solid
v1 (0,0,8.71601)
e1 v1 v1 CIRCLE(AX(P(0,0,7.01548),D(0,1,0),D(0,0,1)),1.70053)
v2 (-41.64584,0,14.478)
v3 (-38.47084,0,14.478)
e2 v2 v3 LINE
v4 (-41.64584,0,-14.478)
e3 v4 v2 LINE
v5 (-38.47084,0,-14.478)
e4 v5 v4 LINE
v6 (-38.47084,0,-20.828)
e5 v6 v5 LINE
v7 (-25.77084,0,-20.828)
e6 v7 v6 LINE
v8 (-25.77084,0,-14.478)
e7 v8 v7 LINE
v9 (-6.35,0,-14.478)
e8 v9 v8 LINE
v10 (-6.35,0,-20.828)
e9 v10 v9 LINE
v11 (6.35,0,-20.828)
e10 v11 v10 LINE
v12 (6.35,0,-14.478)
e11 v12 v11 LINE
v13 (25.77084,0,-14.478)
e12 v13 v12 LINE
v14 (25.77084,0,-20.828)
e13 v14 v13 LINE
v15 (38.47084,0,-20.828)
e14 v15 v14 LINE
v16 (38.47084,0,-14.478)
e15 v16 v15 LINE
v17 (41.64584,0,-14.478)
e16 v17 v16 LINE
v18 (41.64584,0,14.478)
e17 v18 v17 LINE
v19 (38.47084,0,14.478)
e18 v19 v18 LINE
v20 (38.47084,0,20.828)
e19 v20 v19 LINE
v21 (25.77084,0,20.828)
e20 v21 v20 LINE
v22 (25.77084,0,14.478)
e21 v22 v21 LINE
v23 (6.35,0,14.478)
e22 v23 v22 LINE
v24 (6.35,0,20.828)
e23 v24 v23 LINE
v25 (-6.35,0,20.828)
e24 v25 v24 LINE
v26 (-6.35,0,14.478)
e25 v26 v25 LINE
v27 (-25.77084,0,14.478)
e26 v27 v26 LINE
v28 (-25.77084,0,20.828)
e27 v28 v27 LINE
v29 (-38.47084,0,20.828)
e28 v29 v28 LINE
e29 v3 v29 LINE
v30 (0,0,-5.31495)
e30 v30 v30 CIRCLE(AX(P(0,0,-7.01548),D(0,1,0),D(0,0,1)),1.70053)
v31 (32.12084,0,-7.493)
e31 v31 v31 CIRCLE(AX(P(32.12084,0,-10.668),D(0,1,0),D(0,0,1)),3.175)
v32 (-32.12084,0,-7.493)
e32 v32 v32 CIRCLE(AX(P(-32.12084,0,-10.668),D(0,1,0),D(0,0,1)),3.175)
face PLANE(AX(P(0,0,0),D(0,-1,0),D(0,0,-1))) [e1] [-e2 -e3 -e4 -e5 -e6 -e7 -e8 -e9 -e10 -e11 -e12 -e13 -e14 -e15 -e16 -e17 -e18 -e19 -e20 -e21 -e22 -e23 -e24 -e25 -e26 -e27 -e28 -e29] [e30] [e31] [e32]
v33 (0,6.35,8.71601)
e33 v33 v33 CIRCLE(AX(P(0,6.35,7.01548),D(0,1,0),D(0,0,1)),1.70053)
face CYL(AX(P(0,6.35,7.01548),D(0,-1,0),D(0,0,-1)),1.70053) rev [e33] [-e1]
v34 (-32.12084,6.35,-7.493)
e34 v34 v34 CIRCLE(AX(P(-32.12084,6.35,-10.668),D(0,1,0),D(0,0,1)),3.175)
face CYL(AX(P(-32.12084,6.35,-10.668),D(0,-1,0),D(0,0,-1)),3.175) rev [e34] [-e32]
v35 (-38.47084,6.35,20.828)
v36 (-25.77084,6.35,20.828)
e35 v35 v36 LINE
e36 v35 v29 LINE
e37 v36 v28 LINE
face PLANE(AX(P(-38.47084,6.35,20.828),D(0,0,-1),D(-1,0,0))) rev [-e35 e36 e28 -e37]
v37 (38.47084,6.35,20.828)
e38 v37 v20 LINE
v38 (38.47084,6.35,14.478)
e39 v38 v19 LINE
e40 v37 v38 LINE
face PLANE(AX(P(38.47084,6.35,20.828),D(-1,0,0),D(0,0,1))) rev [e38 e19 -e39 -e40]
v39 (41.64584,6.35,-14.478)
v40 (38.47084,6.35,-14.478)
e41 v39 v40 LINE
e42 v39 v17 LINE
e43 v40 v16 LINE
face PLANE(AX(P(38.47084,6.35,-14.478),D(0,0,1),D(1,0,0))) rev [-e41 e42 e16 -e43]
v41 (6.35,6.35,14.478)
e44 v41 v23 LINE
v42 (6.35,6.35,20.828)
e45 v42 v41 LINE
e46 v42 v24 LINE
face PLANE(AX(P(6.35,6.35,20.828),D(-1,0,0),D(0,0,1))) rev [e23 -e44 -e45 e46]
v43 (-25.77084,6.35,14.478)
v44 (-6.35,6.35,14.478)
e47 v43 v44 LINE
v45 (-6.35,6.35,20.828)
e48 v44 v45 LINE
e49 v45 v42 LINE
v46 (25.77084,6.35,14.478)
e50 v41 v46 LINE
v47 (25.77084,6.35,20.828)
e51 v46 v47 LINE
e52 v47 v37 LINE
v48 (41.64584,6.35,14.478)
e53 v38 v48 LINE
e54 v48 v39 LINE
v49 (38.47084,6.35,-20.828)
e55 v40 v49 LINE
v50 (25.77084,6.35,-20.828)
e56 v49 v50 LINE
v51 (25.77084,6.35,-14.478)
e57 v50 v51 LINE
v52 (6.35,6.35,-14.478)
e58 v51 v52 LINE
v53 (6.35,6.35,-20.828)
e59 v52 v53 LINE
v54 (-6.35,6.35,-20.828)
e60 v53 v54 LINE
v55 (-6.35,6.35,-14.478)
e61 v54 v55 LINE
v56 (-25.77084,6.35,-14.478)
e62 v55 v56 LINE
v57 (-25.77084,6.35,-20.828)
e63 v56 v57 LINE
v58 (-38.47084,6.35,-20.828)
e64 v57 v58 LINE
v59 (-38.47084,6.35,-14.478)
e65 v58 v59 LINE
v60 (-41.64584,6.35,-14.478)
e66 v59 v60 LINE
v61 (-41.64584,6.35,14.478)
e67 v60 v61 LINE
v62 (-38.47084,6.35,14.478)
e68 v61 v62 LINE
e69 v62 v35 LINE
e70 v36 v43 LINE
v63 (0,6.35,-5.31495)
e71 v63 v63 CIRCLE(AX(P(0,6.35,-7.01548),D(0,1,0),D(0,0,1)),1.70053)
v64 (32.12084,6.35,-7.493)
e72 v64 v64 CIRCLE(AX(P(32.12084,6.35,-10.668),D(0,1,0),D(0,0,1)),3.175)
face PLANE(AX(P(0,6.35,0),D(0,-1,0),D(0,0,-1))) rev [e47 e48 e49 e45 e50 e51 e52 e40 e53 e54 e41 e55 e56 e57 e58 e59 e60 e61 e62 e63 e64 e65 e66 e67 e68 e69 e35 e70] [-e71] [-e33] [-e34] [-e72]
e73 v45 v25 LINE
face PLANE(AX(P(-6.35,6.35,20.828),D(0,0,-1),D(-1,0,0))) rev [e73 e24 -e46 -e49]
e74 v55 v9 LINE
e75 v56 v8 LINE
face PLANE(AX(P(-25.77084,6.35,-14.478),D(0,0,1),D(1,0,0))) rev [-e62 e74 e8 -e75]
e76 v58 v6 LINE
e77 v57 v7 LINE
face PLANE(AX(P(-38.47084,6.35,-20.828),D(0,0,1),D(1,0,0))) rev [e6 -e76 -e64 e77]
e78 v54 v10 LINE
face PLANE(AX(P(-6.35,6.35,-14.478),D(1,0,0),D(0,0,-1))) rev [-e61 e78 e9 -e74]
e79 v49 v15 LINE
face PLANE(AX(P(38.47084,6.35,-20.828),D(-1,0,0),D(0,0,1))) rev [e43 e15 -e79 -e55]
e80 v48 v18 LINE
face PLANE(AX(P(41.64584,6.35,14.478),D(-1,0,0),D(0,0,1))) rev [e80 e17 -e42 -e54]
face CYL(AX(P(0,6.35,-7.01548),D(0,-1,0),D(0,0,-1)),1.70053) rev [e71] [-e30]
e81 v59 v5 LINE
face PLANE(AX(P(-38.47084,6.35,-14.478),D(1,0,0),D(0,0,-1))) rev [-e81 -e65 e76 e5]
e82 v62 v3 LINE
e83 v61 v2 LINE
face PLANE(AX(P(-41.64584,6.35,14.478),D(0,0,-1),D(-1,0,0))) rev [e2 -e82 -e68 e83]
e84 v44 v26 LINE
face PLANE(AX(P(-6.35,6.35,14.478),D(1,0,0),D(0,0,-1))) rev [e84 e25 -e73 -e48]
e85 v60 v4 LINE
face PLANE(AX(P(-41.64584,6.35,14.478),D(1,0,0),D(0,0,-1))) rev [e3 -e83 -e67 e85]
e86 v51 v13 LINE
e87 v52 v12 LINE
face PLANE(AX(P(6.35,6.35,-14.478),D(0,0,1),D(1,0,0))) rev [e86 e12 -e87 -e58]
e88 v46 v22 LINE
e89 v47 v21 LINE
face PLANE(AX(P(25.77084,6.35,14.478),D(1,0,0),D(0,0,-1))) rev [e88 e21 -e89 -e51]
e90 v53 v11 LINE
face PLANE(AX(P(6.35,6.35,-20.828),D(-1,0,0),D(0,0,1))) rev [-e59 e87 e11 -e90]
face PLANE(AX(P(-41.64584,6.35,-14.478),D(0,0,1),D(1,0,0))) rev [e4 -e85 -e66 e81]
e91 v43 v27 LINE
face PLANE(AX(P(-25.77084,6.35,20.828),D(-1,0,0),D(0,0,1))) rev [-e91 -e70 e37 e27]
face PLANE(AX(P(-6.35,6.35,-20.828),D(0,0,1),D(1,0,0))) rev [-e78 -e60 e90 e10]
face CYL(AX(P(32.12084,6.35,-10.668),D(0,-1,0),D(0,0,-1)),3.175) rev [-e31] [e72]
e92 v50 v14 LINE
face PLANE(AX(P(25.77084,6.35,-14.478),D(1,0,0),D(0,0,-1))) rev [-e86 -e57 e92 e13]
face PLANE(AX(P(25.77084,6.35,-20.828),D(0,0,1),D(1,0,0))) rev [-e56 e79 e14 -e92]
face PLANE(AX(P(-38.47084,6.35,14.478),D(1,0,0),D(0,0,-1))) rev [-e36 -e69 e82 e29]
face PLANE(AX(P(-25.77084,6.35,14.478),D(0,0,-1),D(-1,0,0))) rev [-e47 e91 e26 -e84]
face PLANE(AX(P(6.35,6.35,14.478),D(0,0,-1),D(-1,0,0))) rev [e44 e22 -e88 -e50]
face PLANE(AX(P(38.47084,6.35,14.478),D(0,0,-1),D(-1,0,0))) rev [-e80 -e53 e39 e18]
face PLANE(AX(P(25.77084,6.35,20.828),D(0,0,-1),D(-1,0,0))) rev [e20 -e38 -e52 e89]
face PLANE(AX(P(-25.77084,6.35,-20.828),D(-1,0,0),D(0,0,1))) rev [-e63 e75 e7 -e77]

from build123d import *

# Parameters (mm, degrees)
SKETCH1_R           = 3.175
SKETCH1_R_2         = 1.70053
BOSS_EXTRUDE1_DEPTH = 6.35


with BuildPart() as part:
    # Sketch1 → Boss-Extrude1 (new body)
    with BuildSketch(Plane(origin=(0, 0, 0), x_dir=(1, 0, 0), z_dir=(0, 1, 0))):
        Polygon((-41.64584, 14.478), (-38.47084, 14.478), (-38.47084, 20.828), (-25.77084, 20.828), (-25.77084, 14.478), (-6.35, 14.478), (-6.35, 20.828), (6.35, 20.828), (6.35, 14.478), (25.77084, 14.478), (25.77084, 20.828), (38.47084, 20.828), (38.47084, 14.478), (41.64584, 14.478), (41.64584, -14.478), (38.47084, -14.478), (38.47084, -20.828), (25.77084, -20.828), (25.77084, -14.478), (6.35, -14.478), (6.35, -20.828), (-6.35, -20.828), (-6.35, -14.478), (-25.77084, -14.478), (-25.77084, -20.828), (-38.47084, -20.828), (-38.47084, -14.478), (-41.64584, -14.478), align=None)
        with Locations(Location((32.12084, 10.668, 0), (0, 0, 270))):
            Circle(SKETCH1_R, mode=Mode.SUBTRACT)
        with Locations(Location((0, 7.01548, 0), (0, 0, 270))):
            Circle(SKETCH1_R_2, mode=Mode.SUBTRACT)
        with Locations(Location((-32.12084, 10.668, 0), (0, 0, 270))):
            Circle(SKETCH1_R, mode=Mode.SUBTRACT)
        with Locations(Location((0, -7.01548, 0), (0, 0, 270))):
            Circle(SKETCH1_R_2, mode=Mode.SUBTRACT)
    extrude(amount=BOSS_EXTRUDE1_DEPTH)


solid = part.part
